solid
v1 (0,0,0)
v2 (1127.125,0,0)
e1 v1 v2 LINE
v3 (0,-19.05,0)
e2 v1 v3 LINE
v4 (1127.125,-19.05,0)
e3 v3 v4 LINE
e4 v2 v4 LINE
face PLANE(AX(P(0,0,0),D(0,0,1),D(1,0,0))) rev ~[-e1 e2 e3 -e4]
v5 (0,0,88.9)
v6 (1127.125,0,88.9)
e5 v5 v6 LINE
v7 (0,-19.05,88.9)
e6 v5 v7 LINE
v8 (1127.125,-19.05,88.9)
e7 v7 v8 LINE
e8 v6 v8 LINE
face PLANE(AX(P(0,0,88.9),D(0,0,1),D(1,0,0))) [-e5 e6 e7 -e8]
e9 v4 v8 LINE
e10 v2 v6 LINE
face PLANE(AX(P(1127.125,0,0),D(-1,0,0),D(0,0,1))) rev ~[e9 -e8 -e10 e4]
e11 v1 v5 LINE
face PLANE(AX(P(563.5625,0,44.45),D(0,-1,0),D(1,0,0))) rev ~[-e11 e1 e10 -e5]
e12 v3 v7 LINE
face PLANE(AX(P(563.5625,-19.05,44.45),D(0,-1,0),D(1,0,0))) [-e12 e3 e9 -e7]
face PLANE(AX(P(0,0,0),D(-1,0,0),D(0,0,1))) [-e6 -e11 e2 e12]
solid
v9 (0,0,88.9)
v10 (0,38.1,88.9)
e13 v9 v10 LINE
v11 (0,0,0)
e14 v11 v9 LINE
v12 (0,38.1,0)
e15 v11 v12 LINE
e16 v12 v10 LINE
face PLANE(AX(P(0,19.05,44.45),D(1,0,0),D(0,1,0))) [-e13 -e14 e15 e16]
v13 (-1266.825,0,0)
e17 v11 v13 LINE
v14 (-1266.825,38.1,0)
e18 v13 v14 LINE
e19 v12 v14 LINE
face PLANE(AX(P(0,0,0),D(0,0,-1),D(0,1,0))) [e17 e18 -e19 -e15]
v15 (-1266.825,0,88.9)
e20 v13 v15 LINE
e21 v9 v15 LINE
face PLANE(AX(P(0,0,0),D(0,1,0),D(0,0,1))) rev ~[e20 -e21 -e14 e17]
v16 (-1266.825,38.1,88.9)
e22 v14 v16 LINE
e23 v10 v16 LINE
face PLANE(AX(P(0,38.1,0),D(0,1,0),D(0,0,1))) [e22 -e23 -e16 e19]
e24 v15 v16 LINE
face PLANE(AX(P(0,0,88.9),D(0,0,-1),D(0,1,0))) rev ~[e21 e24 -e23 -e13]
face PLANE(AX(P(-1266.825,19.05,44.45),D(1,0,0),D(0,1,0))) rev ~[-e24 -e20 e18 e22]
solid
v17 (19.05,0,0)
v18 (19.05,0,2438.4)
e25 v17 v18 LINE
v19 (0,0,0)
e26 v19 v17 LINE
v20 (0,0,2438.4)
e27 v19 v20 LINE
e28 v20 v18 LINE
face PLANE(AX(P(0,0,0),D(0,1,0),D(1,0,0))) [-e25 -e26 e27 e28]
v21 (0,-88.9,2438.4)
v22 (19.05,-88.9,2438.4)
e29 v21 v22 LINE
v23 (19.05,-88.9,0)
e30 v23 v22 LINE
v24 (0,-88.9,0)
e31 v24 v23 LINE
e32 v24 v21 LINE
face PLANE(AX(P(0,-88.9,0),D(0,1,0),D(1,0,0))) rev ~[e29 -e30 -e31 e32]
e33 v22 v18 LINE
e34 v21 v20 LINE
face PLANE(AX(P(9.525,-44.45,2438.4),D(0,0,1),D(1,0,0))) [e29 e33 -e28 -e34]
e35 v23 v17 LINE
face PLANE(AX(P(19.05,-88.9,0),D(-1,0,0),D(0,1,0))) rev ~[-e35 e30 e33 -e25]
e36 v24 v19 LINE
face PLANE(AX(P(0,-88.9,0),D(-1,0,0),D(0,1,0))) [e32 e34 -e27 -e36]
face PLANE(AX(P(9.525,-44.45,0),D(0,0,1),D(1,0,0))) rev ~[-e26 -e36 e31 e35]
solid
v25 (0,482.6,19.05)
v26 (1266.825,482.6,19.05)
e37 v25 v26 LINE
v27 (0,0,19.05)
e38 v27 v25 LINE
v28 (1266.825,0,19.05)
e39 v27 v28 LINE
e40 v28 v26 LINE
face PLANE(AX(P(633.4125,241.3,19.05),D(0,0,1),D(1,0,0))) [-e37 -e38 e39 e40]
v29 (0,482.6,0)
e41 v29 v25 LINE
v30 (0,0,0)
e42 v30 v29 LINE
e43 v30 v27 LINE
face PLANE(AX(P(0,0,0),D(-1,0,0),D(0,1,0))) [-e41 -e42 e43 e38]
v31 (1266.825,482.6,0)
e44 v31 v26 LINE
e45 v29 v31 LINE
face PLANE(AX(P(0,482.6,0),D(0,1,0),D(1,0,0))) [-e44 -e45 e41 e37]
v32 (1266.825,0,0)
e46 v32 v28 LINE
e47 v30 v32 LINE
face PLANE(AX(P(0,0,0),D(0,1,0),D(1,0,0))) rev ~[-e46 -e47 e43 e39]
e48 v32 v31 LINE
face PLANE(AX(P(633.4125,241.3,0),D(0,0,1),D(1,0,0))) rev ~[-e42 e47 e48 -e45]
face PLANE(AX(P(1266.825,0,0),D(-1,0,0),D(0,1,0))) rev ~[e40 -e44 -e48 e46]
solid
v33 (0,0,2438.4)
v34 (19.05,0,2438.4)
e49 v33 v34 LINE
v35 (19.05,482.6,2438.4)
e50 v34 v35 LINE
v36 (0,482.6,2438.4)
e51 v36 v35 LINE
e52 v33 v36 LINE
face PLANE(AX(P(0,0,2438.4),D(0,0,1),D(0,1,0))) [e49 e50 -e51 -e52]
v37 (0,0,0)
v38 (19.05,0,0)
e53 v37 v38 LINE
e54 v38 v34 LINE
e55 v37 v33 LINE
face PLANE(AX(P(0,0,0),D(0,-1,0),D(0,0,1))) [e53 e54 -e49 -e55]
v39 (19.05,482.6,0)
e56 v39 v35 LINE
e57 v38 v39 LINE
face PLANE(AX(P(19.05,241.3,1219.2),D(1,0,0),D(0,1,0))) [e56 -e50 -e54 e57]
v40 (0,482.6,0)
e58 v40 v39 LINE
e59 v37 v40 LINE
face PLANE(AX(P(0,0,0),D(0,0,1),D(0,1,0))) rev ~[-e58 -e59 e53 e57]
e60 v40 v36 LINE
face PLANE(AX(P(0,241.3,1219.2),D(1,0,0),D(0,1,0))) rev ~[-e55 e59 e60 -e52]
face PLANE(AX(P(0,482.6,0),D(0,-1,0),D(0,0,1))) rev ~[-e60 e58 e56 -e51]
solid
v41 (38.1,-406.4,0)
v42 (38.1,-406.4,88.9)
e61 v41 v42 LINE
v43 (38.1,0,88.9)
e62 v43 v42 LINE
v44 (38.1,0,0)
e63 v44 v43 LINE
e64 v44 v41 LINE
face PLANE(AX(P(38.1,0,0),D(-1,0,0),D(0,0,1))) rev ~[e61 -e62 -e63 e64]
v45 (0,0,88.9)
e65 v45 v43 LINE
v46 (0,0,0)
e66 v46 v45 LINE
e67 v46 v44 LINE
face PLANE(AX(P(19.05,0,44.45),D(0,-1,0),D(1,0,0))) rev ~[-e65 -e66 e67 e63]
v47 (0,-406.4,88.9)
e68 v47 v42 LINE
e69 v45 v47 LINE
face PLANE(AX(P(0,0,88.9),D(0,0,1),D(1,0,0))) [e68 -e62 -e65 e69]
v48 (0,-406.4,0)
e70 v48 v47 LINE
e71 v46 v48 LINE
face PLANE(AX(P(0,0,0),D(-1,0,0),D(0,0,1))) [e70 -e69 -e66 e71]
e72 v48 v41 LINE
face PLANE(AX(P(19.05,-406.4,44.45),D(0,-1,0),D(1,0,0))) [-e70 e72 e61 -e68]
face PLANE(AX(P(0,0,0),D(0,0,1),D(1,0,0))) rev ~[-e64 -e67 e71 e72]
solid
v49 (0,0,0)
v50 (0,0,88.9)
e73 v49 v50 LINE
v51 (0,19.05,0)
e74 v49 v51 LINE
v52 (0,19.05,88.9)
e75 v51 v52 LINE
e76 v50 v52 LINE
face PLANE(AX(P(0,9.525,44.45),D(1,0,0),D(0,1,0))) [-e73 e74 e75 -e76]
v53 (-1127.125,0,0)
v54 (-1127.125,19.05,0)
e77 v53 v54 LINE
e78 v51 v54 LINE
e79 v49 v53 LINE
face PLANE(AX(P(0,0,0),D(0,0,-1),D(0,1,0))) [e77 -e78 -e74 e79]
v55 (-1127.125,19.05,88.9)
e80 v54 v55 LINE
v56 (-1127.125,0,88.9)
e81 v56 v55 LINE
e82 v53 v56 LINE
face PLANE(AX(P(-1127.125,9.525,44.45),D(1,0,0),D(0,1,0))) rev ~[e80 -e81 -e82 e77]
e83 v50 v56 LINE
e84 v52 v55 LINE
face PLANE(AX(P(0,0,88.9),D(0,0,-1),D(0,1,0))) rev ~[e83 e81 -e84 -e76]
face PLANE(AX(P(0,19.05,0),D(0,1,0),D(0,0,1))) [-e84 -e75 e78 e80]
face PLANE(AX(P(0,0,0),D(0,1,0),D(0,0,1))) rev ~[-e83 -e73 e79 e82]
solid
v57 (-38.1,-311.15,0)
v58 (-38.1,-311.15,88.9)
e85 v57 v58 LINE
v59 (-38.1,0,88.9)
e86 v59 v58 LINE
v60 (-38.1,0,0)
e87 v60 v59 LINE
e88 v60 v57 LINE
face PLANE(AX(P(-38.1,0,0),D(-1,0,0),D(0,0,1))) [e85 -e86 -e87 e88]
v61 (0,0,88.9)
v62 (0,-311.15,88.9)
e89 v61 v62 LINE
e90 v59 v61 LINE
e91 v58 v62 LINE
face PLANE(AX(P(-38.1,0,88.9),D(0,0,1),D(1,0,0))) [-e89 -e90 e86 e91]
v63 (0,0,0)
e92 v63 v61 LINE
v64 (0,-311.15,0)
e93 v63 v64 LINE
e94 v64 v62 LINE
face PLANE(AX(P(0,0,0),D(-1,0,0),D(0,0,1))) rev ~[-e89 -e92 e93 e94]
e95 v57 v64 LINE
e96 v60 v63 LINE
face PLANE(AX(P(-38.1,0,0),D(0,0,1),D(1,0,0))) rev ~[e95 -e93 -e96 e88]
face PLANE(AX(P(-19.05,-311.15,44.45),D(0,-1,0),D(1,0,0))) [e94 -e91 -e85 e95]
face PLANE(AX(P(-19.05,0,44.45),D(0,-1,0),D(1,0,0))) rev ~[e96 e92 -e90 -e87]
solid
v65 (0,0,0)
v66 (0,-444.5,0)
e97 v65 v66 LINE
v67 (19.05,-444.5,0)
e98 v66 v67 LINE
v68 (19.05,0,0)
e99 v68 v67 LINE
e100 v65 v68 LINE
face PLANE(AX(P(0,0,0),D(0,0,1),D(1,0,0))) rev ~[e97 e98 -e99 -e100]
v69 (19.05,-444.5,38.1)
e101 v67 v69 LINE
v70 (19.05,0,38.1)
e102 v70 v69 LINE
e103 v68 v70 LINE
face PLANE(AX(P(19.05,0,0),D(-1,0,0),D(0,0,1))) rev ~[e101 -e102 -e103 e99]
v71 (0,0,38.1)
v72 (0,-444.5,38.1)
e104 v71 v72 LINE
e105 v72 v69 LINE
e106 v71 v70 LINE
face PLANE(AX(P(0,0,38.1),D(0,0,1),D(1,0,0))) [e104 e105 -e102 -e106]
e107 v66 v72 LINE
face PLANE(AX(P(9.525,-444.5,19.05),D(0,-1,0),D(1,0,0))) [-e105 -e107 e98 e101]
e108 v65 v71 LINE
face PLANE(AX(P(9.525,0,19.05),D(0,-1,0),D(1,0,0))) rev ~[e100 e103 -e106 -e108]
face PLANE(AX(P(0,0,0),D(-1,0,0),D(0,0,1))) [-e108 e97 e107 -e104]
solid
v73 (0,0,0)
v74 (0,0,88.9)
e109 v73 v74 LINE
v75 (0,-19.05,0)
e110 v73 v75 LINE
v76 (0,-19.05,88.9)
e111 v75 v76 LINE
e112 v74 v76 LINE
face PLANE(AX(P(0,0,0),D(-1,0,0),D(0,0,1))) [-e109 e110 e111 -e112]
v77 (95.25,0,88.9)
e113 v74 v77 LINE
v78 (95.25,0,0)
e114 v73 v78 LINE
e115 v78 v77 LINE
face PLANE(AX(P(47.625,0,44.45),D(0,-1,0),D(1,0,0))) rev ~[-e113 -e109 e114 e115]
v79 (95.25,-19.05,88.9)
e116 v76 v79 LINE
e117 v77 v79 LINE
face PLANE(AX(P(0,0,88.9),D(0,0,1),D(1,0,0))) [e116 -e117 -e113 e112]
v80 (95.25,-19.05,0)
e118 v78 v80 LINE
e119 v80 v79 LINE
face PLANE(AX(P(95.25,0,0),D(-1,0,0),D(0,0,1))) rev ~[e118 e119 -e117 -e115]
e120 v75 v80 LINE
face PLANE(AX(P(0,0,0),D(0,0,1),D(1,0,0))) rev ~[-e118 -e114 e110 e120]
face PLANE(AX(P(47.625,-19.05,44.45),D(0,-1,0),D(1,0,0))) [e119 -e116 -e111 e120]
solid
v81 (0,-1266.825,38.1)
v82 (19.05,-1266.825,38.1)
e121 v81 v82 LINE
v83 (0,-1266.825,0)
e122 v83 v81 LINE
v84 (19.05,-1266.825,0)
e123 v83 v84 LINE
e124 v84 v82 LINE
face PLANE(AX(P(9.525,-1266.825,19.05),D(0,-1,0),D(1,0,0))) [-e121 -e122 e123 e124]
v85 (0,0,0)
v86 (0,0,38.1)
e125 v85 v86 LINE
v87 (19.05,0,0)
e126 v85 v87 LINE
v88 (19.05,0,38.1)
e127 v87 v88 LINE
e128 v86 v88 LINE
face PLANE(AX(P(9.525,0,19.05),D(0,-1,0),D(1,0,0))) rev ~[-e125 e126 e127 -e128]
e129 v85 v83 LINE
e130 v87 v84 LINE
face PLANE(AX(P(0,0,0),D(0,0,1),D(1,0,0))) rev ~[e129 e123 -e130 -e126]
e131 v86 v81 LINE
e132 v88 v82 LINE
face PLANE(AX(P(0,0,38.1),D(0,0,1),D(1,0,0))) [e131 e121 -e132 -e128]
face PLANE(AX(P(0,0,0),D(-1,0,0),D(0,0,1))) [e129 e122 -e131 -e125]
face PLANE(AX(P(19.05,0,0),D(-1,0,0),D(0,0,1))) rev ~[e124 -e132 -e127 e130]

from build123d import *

# Parameters (mm, degrees)
F0_W      = 38.1
F0_H      = 88.9
F1_DEPTH  = 311.15
F2_W      = 38.1
F2_H      = 88.9
F3_DEPTH  = 1266.825
F4_W      = 482.6
F4_H      = 2438.4
F5_DEPTH  = 19.05
F6_W      = 38.1
F6_H      = 88.9
F7_DEPTH  = 406.4
F8_W      = 19.05
F8_H      = 88.9
F9_DEPTH  = 1127.125
F10_W     = 19.05
F10_H     = 88.9
F11_DEPTH = 2438.4
F12_W     = 95.25
F12_H     = 88.9
F13_DEPTH = 19.05
F14_W     = 1127.125
F14_H     = 88.9
F15_DEPTH = 19.05
F16_W     = 1266.825
F16_H     = 482.6
F17_DEPTH = 19.05
F18_W     = 19.05
F18_H     = 38.1
F19_DEPTH = 444.5
F20_W     = 19.05
F20_H     = 38.1
F21_DEPTH = 1266.825


with BuildPart() as f1:
    # F0 (on Front) → F1 (new body)
    with BuildSketch(Plane.XZ):
        with Locations((-19.05, 44.45)):
            Rectangle(F0_W, F0_H)
    extrude(amount=F1_DEPTH)


with BuildPart() as f3:
    # F2 (on Right) → F3 (new body)
    with BuildSketch(Plane.YZ):
        with Locations((19.05, 44.45)):
            Rectangle(F2_W, F2_H)
    extrude(amount=-F3_DEPTH)


with BuildPart() as f5:
    # F4 (on Right) → F5 (new body)
    with BuildSketch(Plane.YZ):
        with Locations((241.3, 1219.2)):
            Rectangle(F4_W, F4_H)
    extrude(amount=F5_DEPTH)


with BuildPart() as f7:
    # F6 (on Front) → F7 (new body)
    with BuildSketch(Plane.XZ):
        with Locations((19.05, 44.45)):
            Rectangle(F6_W, F6_H)
    extrude(amount=F7_DEPTH)


with BuildPart() as f9:
    # F8 (on Right) → F9 (new body)
    with BuildSketch(Plane.YZ):
        with Locations((9.525, 44.45)):
            Rectangle(F8_W, F8_H)
    extrude(amount=-F9_DEPTH)


with BuildPart() as f11:
    # F10 (on Top) → F11 (new body)
    with BuildSketch(Plane.XY):
        with Locations((9.525, -44.45)):
            Rectangle(F10_W, F10_H)
    extrude(amount=F11_DEPTH)


with BuildPart() as f13:
    # F12 (on Front) → F13 (new body)
    with BuildSketch(Plane.XZ):
        with Locations((47.625, 44.45)):
            Rectangle(F12_W, F12_H)
    extrude(amount=F13_DEPTH)


with BuildPart() as f15:
    # F14 (on Front) → F15 (new body)
    with BuildSketch(Plane.XZ):
        with Locations((563.5625, 44.45)):
            Rectangle(F14_W, F14_H)
    extrude(amount=F15_DEPTH)


with BuildPart() as f17:
    # F16 (on Top) → F17 (new body)
    with BuildSketch(Plane.XY):
        with Locations((633.4125, 241.3)):
            Rectangle(F16_W, F16_H)
    extrude(amount=F17_DEPTH)


with BuildPart() as f19:
    # F18 (on Front) → F19 (new body)
    with BuildSketch(Plane.XZ):
        with Locations((9.525, 19.05)):
            Rectangle(F18_W, F18_H)
    extrude(amount=F19_DEPTH)


with BuildPart() as f21:
    # F20 (on Front) → F21 (new body)
    with BuildSketch(Plane.XZ):
        with Locations((9.525, 19.05)):
            Rectangle(F20_W, F20_H)
    extrude(amount=F21_DEPTH)


solid = Compound([f1.part, f3.part, f5.part, f7.part, f9.part, f11.part, f13.part, f15.part, f17.part, f19.part, f21.part])
